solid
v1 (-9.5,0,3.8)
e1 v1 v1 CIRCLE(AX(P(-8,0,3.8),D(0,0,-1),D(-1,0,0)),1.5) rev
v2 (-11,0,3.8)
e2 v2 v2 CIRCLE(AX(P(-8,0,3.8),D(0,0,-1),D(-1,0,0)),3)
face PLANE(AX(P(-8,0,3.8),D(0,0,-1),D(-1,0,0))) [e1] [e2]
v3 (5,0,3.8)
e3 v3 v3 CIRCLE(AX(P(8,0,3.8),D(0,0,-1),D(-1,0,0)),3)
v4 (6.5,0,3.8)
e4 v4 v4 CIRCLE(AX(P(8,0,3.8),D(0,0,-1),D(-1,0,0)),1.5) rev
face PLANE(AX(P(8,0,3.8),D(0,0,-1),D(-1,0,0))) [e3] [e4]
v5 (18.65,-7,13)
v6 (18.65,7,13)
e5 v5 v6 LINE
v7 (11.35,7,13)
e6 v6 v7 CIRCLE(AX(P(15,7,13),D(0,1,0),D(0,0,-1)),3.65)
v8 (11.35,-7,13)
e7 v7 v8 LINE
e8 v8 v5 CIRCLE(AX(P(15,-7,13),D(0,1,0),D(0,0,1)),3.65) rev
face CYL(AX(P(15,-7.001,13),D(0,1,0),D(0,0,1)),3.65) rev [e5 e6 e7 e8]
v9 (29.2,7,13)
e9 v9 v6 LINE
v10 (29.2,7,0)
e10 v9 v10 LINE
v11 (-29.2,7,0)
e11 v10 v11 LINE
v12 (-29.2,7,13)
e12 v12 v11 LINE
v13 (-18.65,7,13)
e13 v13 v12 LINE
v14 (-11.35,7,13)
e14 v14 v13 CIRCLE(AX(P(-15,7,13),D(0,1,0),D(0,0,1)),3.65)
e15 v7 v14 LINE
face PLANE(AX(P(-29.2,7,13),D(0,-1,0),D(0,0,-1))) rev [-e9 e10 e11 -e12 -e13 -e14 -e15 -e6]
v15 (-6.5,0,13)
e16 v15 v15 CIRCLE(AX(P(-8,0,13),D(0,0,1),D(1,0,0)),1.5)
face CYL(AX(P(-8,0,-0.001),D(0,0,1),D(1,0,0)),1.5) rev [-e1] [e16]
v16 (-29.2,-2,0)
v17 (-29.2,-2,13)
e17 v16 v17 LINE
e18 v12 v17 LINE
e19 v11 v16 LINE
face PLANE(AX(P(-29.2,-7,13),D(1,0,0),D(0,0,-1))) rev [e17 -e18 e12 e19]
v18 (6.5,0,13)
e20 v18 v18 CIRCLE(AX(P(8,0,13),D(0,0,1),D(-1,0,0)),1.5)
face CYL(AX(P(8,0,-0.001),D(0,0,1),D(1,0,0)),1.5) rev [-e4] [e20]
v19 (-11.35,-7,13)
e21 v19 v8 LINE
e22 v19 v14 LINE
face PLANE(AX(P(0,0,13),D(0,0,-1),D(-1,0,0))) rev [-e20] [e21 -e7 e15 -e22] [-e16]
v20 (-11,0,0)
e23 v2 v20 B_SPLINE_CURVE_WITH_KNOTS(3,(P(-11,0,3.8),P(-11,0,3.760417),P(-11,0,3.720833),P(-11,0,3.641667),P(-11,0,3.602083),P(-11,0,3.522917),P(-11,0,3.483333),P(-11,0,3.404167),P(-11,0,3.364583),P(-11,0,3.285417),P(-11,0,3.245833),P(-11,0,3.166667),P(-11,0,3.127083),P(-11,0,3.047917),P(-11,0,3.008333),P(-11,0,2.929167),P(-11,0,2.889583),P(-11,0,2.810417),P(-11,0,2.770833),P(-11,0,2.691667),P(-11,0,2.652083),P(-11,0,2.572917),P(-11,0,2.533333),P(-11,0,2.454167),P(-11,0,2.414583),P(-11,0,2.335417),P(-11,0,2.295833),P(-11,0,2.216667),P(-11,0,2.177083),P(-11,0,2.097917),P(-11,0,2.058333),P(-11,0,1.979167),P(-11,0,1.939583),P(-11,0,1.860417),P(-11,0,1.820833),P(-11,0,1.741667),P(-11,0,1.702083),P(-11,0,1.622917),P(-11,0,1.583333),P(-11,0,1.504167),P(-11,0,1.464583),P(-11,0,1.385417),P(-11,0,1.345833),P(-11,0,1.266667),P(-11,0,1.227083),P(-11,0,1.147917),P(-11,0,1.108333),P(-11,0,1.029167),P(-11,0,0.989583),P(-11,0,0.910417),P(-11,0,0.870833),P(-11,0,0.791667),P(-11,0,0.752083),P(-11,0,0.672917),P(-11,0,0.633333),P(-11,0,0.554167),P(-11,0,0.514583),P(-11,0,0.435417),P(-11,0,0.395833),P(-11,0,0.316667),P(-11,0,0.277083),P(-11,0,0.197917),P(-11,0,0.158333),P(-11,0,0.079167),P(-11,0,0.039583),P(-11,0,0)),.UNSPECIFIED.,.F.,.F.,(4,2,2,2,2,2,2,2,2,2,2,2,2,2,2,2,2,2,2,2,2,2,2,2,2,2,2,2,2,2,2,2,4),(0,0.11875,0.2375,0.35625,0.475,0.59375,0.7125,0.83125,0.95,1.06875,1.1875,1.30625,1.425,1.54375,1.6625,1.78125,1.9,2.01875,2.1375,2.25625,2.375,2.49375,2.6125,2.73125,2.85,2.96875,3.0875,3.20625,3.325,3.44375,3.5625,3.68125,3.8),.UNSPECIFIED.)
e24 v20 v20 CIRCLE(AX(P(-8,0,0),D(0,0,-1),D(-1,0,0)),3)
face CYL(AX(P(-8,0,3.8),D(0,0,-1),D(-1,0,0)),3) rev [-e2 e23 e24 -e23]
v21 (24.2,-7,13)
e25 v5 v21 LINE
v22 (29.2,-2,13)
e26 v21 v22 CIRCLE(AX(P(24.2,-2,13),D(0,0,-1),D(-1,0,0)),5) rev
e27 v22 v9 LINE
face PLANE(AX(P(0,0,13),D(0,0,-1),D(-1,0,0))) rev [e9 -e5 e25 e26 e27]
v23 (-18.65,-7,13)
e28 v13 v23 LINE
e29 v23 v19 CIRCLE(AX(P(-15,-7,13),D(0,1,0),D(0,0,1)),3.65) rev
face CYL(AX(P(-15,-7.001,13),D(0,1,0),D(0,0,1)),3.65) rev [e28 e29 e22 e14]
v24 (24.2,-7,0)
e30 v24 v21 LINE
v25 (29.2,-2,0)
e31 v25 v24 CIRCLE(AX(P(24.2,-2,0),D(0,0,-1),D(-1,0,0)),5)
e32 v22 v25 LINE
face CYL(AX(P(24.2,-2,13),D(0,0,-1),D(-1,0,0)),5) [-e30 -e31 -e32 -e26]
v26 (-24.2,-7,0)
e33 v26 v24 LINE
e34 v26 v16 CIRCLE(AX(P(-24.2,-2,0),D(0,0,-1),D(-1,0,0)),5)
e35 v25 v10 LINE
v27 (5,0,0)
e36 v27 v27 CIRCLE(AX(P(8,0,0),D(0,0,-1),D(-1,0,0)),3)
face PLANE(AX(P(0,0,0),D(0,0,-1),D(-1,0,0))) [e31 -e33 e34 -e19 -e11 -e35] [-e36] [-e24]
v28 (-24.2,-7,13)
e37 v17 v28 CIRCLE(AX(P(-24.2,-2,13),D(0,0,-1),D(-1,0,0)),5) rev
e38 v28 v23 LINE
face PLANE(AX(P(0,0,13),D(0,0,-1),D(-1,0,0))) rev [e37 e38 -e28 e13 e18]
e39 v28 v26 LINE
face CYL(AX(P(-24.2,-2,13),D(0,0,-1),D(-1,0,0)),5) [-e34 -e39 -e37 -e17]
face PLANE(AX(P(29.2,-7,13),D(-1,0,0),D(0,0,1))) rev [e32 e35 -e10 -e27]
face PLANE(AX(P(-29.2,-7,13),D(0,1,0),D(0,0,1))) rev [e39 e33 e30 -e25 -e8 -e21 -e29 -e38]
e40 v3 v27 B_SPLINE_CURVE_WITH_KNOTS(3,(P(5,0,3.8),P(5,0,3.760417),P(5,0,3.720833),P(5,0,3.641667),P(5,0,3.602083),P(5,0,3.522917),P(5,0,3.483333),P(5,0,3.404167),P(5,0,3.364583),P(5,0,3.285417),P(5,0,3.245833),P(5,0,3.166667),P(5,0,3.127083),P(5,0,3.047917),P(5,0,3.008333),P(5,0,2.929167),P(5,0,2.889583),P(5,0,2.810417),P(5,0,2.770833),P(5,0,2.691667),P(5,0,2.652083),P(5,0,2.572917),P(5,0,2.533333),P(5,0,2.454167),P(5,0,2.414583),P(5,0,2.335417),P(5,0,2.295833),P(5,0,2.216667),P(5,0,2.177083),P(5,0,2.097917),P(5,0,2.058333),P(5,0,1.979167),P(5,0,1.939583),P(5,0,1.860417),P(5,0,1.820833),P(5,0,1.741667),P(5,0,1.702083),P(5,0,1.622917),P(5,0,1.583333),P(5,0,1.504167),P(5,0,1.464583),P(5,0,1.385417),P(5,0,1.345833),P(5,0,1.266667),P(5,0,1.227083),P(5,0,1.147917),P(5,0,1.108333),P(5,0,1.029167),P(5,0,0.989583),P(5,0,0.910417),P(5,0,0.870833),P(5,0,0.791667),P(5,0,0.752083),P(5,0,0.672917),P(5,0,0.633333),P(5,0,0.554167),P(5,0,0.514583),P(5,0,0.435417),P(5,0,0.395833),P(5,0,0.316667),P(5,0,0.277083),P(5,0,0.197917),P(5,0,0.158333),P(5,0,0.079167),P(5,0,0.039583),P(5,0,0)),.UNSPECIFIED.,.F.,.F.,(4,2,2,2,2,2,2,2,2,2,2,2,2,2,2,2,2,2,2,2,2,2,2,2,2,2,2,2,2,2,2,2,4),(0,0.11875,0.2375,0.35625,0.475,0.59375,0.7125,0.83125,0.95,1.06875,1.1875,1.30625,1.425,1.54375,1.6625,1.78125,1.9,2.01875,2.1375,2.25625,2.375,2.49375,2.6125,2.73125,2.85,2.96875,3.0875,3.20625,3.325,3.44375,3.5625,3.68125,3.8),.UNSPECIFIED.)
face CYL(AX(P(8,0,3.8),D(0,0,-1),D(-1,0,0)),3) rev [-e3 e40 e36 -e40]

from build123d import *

# Parameters (mm, degrees)
SKETCH_1_W          = 58.4
SKETCH_1_H          = 14
EXTRUDE_1_DEPTH     = 13
CUT_EXTRUDE_1_REACH = 34.721
SKETCH_2_R          = 1.5
CUT_EXTRUDE_2_REACH = 36.895
SKETCH_3_R          = 3.65
SKETCH_4_R          = 3
CUT_EXTRUDE_3_DEPTH = 3.8
FILLET_1_R          = 5


with BuildPart() as part:
    # Эскиз1 → Бобышка-Вытянуть1 (new body)
    with BuildSketch(Plane.XY):
        Rectangle(SKETCH_1_W, SKETCH_1_H)
    extrude(amount=EXTRUDE_1_DEPTH)

    # Эскиз2 → Вырез-Вытянуть1 (cut, up to next)
    with BuildSketch(Plane.XY.offset(13), mode=Mode.PRIVATE) as cut_extrude_1_sk1:
        with Locations((-8, 0)):
            Circle(SKETCH_2_R)
    cut_extrude_1_tool1 = extrude(cut_extrude_1_sk1.sketch, amount=-CUT_EXTRUDE_1_REACH, mode=Mode.PRIVATE) & part.part
    # Эскиз2 → Вырез-Вытянуть1 (cut, up to next)
    with BuildSketch(Plane.XY.offset(13), mode=Mode.PRIVATE) as cut_extrude_1_sk2:
        with Locations(Location((8, 0, 0), (0, 0, 180))):
            Circle(SKETCH_2_R)
    cut_extrude_1_tool2 = extrude(cut_extrude_1_sk2.sketch, amount=-CUT_EXTRUDE_1_REACH, mode=Mode.PRIVATE) & part.part
    add(cut_extrude_1_tool1.solids().sort_by_distance((-8, 0, 13))[0], mode=Mode.SUBTRACT)
    add(cut_extrude_1_tool2.solids().sort_by_distance((8, 0, 13))[0], mode=Mode.SUBTRACT)

    # Эскиз3 → Вырез-Вытянуть2 (cut, up to next)
    with BuildSketch(Plane(origin=(0, 7, 0), x_dir=(1, 0, 0), z_dir=(0, 1, 0)), mode=Mode.PRIVATE) as cut_extrude_2_sk1:
        with Locations((-15, -13)):
            Circle(SKETCH_3_R)
    cut_extrude_2_tool1 = extrude(cut_extrude_2_sk1.sketch, amount=-CUT_EXTRUDE_2_REACH, mode=Mode.PRIVATE) & part.part
    # Эскиз3 → Вырез-Вытянуть2 (cut, up to next)
    with BuildSketch(Plane(origin=(0, 7, 0), x_dir=(1, 0, 0), z_dir=(0, 1, 0)), mode=Mode.PRIVATE) as cut_extrude_2_sk2:
        with Locations((15, -13)):
            Circle(SKETCH_3_R)
    cut_extrude_2_tool2 = extrude(cut_extrude_2_sk2.sketch, amount=-CUT_EXTRUDE_2_REACH, mode=Mode.PRIVATE) & part.part
    add(cut_extrude_2_tool1.solids().sort_by_distance((-15, 7, 13))[0], mode=Mode.SUBTRACT)
    add(cut_extrude_2_tool2.solids().sort_by_distance((15, 7, 13))[0], mode=Mode.SUBTRACT)

    # Эскиз4 → Вырез-Вытянуть3 (cut)
    with BuildSketch(Plane(origin=(0, 0, 0), x_dir=(-1, 0, 0), z_dir=(0, 0, -1))):
        with Locations((-8, 0)):
            Circle(SKETCH_4_R)
        with Locations((8, 0)):
            Circle(SKETCH_4_R)
    extrude(amount=-CUT_EXTRUDE_3_DEPTH, mode=Mode.SUBTRACT)

    # Скругление1
    fillet_1_edges = [part.edges().sort_by_distance(p)[0] for p in [
        (29.2, -7, 6.5),
        (-29.2, -7, 6.5),
    ]]
    fillet(fillet_1_edges, radius=FILLET_1_R)


solid = part.part
